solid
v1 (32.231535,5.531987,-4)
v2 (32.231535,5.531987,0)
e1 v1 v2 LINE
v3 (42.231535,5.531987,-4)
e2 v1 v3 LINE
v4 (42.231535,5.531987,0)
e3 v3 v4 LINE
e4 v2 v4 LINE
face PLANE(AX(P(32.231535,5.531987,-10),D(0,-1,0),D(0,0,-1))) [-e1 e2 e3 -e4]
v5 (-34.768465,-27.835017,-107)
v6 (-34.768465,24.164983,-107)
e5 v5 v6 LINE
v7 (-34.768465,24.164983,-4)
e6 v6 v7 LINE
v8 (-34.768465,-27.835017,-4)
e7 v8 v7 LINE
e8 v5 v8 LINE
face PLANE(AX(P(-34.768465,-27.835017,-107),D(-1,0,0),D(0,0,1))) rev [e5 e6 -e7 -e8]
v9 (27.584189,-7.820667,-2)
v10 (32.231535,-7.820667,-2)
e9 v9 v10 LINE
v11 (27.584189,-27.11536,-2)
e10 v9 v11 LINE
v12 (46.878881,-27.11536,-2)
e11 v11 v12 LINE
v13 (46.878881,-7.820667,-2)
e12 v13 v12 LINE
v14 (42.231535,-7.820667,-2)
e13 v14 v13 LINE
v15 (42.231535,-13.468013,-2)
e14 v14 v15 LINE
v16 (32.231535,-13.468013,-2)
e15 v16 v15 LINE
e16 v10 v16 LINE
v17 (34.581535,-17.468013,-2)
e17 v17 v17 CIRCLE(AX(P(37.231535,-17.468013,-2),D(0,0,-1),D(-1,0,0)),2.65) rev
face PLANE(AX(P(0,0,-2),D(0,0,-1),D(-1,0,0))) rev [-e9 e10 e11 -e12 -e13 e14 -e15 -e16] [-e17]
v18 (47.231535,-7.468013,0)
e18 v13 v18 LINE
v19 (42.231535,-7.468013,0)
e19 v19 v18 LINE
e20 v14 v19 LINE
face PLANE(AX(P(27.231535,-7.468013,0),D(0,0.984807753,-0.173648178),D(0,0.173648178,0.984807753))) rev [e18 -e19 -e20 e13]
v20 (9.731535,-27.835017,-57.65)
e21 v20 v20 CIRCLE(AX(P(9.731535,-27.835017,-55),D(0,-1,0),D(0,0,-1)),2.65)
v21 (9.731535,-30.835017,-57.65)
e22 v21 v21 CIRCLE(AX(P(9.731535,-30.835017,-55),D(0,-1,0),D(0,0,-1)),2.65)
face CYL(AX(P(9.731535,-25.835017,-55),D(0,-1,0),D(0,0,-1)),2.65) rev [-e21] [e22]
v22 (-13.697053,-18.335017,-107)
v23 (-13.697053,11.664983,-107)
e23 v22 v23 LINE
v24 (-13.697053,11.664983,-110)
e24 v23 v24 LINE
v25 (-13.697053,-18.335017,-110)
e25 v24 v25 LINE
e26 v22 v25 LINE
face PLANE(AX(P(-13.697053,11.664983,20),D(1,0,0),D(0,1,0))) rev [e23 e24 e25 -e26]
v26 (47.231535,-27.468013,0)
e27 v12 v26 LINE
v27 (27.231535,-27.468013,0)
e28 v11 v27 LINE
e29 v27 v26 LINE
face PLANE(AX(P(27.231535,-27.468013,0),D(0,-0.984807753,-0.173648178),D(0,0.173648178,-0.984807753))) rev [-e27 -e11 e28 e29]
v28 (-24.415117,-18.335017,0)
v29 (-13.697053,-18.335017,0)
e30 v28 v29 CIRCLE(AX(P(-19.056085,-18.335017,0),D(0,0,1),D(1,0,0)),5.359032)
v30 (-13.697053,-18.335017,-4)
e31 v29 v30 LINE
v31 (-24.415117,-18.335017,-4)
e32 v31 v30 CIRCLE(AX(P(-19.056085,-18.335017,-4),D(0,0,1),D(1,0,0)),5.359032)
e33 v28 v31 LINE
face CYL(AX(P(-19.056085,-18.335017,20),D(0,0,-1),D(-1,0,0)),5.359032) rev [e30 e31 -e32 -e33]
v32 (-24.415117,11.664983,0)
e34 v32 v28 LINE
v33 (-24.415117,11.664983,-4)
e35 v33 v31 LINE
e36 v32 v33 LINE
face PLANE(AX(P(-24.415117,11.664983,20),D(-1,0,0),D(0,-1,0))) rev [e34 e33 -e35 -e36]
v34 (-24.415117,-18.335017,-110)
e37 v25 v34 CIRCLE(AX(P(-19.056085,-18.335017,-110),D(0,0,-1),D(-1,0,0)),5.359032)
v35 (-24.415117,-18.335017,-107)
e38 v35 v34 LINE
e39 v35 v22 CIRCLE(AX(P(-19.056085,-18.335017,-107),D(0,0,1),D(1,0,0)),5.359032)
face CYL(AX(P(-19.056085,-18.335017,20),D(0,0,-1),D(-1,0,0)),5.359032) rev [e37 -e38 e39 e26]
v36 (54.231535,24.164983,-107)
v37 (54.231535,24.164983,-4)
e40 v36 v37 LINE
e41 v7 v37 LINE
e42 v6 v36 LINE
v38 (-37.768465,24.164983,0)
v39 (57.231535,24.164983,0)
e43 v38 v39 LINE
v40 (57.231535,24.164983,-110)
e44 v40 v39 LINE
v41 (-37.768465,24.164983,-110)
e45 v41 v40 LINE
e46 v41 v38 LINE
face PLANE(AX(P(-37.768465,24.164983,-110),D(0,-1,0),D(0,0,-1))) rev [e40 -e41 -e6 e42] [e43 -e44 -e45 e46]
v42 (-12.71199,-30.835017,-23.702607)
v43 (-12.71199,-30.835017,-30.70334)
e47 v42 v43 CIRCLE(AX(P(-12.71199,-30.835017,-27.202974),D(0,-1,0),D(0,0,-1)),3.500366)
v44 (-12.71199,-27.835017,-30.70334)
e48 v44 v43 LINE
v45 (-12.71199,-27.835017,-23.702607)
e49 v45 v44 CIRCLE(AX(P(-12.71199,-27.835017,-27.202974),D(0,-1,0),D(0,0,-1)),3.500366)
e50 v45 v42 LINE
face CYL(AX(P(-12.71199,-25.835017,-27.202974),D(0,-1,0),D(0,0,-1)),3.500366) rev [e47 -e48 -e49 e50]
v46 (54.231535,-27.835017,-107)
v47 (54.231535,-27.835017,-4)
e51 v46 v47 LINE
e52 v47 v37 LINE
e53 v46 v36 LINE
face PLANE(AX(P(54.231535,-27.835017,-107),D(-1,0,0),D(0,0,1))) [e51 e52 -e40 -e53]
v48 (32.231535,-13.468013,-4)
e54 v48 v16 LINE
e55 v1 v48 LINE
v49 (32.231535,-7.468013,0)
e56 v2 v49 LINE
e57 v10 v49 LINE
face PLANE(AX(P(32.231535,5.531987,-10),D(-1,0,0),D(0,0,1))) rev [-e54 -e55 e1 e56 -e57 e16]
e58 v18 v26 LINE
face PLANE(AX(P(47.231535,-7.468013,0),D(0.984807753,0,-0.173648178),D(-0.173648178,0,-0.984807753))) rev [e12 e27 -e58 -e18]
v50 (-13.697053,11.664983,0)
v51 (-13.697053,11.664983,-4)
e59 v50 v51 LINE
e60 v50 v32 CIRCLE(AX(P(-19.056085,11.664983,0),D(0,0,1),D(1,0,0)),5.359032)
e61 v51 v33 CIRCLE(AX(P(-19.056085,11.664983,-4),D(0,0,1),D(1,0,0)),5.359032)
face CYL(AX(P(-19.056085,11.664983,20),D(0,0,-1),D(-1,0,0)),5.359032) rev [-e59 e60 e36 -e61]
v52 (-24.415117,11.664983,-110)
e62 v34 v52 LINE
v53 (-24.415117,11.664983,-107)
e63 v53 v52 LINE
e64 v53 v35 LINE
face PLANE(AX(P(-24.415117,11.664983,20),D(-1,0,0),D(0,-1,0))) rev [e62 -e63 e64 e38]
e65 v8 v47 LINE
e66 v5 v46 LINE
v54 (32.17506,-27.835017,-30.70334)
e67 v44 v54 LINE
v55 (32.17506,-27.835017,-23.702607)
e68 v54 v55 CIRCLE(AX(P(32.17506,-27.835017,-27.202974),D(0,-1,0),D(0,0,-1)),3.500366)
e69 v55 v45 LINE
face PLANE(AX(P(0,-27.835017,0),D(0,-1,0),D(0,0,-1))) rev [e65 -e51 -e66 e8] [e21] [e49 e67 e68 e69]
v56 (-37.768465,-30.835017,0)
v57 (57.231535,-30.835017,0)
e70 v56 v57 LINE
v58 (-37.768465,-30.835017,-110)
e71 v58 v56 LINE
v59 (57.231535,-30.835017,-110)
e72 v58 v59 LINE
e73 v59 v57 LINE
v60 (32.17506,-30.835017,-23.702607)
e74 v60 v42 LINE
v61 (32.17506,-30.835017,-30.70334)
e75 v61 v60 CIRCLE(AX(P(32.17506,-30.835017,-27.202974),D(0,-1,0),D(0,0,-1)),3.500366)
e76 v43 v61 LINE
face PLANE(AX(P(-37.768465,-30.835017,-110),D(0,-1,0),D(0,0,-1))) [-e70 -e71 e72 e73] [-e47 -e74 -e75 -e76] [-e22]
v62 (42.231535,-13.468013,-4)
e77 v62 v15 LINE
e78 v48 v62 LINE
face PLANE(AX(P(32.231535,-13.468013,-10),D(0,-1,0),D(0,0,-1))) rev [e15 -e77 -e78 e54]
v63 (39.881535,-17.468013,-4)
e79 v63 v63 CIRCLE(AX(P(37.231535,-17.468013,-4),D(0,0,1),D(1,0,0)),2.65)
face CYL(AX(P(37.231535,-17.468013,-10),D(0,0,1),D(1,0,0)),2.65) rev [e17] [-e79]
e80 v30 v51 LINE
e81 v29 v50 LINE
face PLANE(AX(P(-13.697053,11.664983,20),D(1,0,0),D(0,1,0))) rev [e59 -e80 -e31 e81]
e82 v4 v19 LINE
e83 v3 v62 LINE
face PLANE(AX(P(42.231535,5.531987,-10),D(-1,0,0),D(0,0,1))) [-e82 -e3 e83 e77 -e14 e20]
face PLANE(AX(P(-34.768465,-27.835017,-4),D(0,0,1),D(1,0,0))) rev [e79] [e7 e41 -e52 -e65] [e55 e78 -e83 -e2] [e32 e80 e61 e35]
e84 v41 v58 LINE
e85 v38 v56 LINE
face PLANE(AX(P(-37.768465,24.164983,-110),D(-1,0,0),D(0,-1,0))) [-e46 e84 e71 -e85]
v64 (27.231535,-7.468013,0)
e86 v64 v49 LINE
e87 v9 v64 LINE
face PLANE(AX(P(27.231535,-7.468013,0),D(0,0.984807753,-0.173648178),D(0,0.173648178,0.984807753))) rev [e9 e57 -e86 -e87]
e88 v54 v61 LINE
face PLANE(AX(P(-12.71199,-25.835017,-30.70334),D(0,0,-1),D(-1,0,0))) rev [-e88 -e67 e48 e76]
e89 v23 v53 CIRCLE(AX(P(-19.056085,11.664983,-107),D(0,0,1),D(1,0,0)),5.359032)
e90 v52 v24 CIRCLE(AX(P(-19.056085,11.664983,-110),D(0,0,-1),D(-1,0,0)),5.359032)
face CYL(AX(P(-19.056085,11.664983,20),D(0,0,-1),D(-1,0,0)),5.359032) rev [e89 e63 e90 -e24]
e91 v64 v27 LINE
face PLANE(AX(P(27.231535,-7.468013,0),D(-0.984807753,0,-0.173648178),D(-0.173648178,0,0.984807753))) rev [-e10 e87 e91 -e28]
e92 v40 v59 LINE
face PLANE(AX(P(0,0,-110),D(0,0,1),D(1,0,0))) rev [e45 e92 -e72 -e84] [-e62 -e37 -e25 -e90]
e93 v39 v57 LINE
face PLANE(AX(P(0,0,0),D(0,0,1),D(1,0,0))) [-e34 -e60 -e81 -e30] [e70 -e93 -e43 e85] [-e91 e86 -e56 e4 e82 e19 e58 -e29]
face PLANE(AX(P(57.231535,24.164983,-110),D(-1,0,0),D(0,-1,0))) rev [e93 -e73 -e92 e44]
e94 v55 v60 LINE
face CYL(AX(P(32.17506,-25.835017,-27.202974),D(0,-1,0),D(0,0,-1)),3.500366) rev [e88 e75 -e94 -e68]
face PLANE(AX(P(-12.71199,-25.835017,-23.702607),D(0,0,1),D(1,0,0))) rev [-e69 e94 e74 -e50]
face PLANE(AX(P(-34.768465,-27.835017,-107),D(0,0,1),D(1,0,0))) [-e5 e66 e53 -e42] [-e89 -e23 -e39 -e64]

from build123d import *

# Parameters (mm, degrees)
SKETCH_196_W        = 95
SKETCH_196_H        = 55
EXTRUDE_2_DEPTH     = 110
SKETCH_556_W        = 89
SKETCH_556_H        = 103
CUT_EXTRUDE_1_DEPTH = 52
SKETCH_4_W          = 10
SKETCH_4_H          = 19
CUT_EXTRUDE_2_DEPTH = 10
SKETCH_5_R          = 2.65
CUT_EXTRUDE_3_DEPTH = 10
SKETCH_6_W          = 20
SKETCH_6_H          = 20
CUT_EXTRUDE_4_DEPTH = 2
CUT_EXTRUDE_4_DRAFT = -10
SKETCH_7_R          = 2.65
CUT_EXTRUDE_5_DEPTH = 5
CUT_EXTRUDE_6_DEPTH = 130


with BuildPart() as part:
    # Sketch 196 → 凸台-拉伸2 (new body)
    with BuildSketch(Plane.XY):
        with Locations((9.731535207, -3.335016835)):
            Rectangle(SKETCH_196_W, SKETCH_196_H)
    extrude(amount=-EXTRUDE_2_DEPTH)

    # Sketch 556 → 切除-拉伸1 (cut)
    with BuildSketch(Plane(origin=(0, 24.164983165, 0), x_dir=(1, 0, 0), z_dir=(0, 1, 0))):
        with Locations((9.731535207, 55.5)):
            Rectangle(SKETCH_556_W, SKETCH_556_H)
    extrude(amount=-CUT_EXTRUDE_1_DEPTH, mode=Mode.SUBTRACT)

    # 铝材侧<4> → 切除-拉伸2 (cut)
    with BuildSketch(Plane.XY):
        with Locations((37.231535207, -3.968013468)):
            Rectangle(SKETCH_4_W, SKETCH_4_H)
    extrude(amount=-CUT_EXTRUDE_2_DEPTH, mode=Mode.SUBTRACT)

    # 铝材侧<5> → 切除-拉伸3 (cut)
    with BuildSketch(Plane.XY):
        with Locations((37.231535207, -17.468013468)):
            Circle(SKETCH_5_R)
    extrude(amount=-CUT_EXTRUDE_3_DEPTH, mode=Mode.SUBTRACT)


with BuildPart() as cut_extrude_4_tool:
    # 铝材侧<6> → 切除-拉伸4 (with draft: the straight prism first)
    with BuildSketch(Plane.XY):
        with Locations((37.231535207, -17.468013468)):
            Rectangle(SKETCH_6_W, SKETCH_6_H)
    extrude(amount=-CUT_EXTRUDE_4_DEPTH)
    # 切除-拉伸4: the draft: its side faces are tilted about the plane it starts from
    cut_extrude_4_sides = [cut_extrude_4_tool.faces().sort_by_distance(p)[0] for p in [
        (27.231535207, -17.468013468, -1),
        (37.231535207, -27.468013468, -1),
        (47.231535207, -17.468013468, -1),
        (37.231535207, -7.468013468, -1),
    ]]
    draft(cut_extrude_4_sides, Plane.XY, CUT_EXTRUDE_4_DRAFT)


with BuildPart() as part_1:
    add(part.part)

    # 切除-拉伸4: cut by cut_extrude_4_tool
    add(cut_extrude_4_tool.part, mode=Mode.SUBTRACT)

    # 草图7 → 切除-拉伸5 (cut)
    with BuildSketch(Plane.XZ.offset(30.835016835)):
        with Locations((9.731535207, -55)):
            Circle(SKETCH_7_R)
        with BuildLine():
            Line((-12.711989835, -23.70260728), (32.17506025, -23.70260728))
            ThreePointArc((32.17506025, -23.70260728), (35.675426541, -27.202973571), (32.17506025, -30.703339862))
            Line((32.17506025, -30.703339862), (-12.711989835, -30.703339862))
            ThreePointArc((-12.711989835, -30.703339862), (-16.212356126, -27.202973571), (-12.711989835, -23.70260728))
        make_face()
    extrude(amount=-CUT_EXTRUDE_5_DEPTH, mode=Mode.SUBTRACT)

    # 草图8 → 切除-拉伸6 (cut)
    with BuildSketch(Plane(origin=(0, 0, -110), x_dir=(-1, 0, 0), z_dir=(0, 0, -1))):
        with BuildLine():
            Line((24.415116535, 11.664983165), (24.415116535, -18.335016835))
            ThreePointArc((24.415116535, -18.335016835), (19.056084672, -23.694048698), (13.697052809, -18.335016835))
            Line((13.697052809, -18.335016835), (13.697052809, 11.664983165))
            ThreePointArc((13.697052809, 11.664983165), (19.056084672, 17.024015028), (24.415116535, 11.664983165))
        make_face()
    extrude(amount=-CUT_EXTRUDE_6_DEPTH, mode=Mode.SUBTRACT)


solid = part_1.part
